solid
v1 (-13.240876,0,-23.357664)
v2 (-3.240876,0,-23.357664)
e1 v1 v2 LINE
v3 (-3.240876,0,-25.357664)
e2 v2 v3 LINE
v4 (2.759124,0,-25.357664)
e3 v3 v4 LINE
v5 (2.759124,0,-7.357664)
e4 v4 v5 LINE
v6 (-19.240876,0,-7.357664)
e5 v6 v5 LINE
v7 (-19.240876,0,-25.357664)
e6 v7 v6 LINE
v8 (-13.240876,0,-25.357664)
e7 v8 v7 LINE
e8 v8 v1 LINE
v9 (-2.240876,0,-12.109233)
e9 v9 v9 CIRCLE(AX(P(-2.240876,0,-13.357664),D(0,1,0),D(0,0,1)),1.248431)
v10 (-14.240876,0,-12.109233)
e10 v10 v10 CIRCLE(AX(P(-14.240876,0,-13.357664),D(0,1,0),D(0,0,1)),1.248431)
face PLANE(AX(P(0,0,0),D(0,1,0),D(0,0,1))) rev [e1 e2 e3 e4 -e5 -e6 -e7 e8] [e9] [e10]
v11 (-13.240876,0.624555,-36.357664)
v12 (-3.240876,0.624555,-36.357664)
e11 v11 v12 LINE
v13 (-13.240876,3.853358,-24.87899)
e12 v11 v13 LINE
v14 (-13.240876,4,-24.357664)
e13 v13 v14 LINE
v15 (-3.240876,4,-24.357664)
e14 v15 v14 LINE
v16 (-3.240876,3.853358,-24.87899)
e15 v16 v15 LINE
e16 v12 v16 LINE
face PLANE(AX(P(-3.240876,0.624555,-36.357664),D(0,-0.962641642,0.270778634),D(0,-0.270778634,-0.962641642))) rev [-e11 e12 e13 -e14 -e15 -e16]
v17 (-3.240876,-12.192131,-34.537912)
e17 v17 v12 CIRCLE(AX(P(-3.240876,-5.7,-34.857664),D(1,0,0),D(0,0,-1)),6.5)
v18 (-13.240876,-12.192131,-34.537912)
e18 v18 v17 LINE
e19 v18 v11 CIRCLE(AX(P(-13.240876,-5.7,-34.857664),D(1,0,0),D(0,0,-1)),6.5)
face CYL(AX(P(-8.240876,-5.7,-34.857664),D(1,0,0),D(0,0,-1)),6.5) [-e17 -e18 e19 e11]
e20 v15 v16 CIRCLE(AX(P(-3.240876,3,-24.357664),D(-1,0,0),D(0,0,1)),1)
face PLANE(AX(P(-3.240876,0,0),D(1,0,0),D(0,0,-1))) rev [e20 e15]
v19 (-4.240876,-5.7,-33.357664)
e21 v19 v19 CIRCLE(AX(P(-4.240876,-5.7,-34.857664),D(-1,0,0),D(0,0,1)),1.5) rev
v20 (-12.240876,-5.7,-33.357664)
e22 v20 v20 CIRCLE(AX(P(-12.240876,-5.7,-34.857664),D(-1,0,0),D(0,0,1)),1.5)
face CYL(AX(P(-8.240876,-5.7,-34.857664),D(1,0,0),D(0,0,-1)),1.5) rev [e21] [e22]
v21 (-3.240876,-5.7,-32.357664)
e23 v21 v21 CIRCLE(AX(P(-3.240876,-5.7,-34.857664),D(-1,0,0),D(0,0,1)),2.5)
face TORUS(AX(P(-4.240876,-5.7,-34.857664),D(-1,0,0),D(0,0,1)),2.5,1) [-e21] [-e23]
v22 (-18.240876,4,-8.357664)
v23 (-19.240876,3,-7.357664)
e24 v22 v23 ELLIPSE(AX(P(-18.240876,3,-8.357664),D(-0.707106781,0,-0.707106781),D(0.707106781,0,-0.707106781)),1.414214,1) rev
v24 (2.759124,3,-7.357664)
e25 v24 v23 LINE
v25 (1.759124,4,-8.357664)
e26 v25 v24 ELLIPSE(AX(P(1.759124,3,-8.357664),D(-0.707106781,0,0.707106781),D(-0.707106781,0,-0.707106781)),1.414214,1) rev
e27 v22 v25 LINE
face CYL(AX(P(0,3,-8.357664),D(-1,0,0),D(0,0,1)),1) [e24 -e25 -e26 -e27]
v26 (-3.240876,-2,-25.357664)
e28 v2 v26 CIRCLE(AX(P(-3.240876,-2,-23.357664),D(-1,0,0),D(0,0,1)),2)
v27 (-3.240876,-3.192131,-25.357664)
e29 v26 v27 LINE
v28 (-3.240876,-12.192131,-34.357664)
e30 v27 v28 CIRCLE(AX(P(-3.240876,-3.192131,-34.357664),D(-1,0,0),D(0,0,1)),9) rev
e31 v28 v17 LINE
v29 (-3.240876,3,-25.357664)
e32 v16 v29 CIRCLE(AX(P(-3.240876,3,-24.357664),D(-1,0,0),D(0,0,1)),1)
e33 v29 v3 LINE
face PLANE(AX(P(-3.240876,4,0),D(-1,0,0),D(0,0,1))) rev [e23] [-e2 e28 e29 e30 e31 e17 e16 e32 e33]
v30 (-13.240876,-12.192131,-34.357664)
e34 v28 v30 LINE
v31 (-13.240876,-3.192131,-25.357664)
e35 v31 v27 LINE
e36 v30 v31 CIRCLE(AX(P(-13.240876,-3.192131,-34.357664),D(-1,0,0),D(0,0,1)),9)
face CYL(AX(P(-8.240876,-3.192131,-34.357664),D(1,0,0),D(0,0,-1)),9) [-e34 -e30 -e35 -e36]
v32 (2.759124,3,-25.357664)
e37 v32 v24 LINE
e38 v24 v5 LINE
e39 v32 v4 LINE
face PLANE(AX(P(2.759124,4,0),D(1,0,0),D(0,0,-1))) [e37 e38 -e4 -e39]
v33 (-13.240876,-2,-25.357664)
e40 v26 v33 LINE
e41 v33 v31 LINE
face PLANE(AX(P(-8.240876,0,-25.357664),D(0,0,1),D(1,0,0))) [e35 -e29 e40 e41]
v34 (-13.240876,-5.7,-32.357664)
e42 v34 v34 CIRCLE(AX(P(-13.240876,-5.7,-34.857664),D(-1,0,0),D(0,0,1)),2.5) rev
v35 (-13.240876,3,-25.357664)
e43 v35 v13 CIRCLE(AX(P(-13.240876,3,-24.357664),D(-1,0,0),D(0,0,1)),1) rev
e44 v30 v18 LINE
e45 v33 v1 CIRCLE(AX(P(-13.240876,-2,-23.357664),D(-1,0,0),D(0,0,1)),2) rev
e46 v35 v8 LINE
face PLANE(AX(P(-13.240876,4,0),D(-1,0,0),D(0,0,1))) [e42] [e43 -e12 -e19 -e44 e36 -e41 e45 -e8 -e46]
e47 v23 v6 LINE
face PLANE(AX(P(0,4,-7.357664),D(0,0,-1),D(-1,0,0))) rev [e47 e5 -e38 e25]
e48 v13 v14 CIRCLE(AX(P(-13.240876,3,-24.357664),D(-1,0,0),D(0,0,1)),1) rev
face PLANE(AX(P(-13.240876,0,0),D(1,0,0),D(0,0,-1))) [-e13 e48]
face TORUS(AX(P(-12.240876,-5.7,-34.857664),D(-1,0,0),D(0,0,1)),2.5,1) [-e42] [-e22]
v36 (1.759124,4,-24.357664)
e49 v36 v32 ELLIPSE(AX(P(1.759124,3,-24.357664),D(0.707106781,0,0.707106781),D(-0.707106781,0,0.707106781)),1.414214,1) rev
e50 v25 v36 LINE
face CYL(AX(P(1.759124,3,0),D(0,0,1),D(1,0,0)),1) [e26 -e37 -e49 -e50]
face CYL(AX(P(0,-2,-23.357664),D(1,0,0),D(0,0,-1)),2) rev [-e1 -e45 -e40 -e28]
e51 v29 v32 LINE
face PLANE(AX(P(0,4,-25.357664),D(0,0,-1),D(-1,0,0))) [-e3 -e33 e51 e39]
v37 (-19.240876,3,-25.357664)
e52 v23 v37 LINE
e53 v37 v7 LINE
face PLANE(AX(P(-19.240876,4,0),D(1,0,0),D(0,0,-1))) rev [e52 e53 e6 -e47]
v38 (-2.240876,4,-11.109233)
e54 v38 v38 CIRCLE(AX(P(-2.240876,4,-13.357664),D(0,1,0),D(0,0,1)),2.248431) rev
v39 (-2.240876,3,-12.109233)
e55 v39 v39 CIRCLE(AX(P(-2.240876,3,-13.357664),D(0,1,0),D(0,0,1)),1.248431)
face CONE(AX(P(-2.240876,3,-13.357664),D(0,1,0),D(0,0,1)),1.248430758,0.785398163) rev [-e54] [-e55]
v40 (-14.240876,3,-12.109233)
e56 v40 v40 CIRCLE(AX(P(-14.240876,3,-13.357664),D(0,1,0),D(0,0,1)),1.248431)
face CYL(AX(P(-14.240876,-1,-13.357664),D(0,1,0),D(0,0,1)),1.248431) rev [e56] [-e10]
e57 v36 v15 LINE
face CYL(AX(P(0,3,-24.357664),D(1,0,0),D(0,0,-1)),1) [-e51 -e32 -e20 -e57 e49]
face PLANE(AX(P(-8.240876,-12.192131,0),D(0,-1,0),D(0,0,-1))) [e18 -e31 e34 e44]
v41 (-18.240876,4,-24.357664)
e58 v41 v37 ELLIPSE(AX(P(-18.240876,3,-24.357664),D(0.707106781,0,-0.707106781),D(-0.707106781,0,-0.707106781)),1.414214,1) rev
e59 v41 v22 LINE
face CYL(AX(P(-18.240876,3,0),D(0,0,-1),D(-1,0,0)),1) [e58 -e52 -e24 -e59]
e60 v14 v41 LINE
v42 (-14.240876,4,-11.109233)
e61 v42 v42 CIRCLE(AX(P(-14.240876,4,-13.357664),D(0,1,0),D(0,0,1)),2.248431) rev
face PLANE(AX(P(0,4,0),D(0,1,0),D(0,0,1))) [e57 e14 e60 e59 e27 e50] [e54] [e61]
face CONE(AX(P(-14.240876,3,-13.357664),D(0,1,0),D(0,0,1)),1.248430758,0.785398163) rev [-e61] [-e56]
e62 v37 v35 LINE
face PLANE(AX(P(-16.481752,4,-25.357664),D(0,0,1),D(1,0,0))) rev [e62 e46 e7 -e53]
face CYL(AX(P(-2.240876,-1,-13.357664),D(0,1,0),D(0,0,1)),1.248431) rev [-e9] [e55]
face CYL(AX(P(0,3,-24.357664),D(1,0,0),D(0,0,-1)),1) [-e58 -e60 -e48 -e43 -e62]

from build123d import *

# Parameters (mm, degrees)
SKETCH1_W           = 11
SKETCH1_H           = 18
SKETCH1_W_2         = 5
SKETCH1_H_2         = 11
BOSS_EXTRUDE1_DEPTH = 4
BOSS_EXTRUDE2_DEPTH = 5
SKETCH3_R           = 1.248430758
CUT_EXTRUDE1_DEPTH  = 5
FILLET1_R           = 1
FILLET3_R           = 2
FILLET4_R           = 9
CUT_EXTRUDE2_DEPTH  = 10
CHAMFER1_SIZE       = 1


with BuildPart() as part:
    # Sketch1 → Boss-Extrude1 (new body)
    with BuildSketch(Plane(origin=(0, 0, 0), x_dir=(1, 0, 0), z_dir=(0, 1, 0))):
        with Locations((-2.740875912, 16.357664234)):
            Rectangle(SKETCH1_W, SKETCH1_H)
        with Locations((-5.740875912, 30.857664234)):
            Rectangle(SKETCH1_W_2, SKETCH1_H_2)
    boss_extrude1 = extrude(amount=BOSS_EXTRUDE1_DEPTH)

    # Sketch2 → Boss-Extrude2 (add)
    with BuildSketch(Plane(origin=(-3.240875912, 0, 0), x_dir=(0, 0, -1), z_dir=(1, 0, 0))):
        with BuildLine():
            Line((34.537911903, 0), (25.357664234, 0))
            Line((25.357664234, 0), (25.357664234, -12.192130501))
            Line((25.357664234, -12.192130501), (34.537911903, -12.192130501))
            Line((34.537911903, -12.192130501), (34.537911903, -7.165523267))
            ThreePointArc((34.537911903, -7.165523267), (33.357664234, -5.7), (34.537911903, -4.234476733))
            Line((34.537911903, -4.234476733), (34.537911903, 0))
        make_face()
        with BuildLine():
            Line((36.357664234, 0), (34.537911903, 0))
            Line((34.537911903, 0), (34.537911903, -4.234476733))
            ThreePointArc((34.537911903, -4.234476733), (35.798507341, -4.531747353), (36.357664234, -5.7))
            ThreePointArc((36.357664234, -5.7), (35.798507341, -6.868252647), (34.537911903, -7.165523267))
            Line((34.537911903, -7.165523267), (34.537911903, -12.192130501))
            ThreePointArc((34.537911903, -12.192130501), (41.293121094, -6.613725887), (36.357664234, 0.62455532))
            Line((36.357664234, 0.62455532), (36.357664234, 0))
        make_face()
    boss_extrude2 = extrude(amount=-BOSS_EXTRUDE2_DEPTH)

    # Mirror1: Boss-Extrude1, Boss-Extrude2 across plane
    add(boss_extrude1.mirror(Plane(origin=(-8.240875912, 4, 0), x_dir=(0, 0, 1), z_dir=(1, 0, 0))))
    add(boss_extrude2.mirror(Plane(origin=(-8.240875912, 4, 0), x_dir=(0, 0, 1), z_dir=(1, 0, 0))))

    # Sketch3 → Cut-Extrude1 (cut)
    with BuildSketch(Plane(origin=(0, 4, 0), x_dir=(1, 0, 0), z_dir=(0, 1, 0))):
        with Locations(Location((-2.240875912, 13.357664234, 0), (0, 0, 270))):
            Circle(SKETCH3_R)
        with Locations(Location((-14.240875912, 13.357664234, 0), (0, 0, 270))):
            Circle(SKETCH3_R)
    extrude(amount=-CUT_EXTRUDE1_DEPTH, mode=Mode.SUBTRACT)

    # Fillet1
    fillet1_edges = [part.edges().sort_by_distance(p)[0] for p in [
        (-0.240875912, 4, -25.357664234),
        (-3.240875912, -4.234476733, -35.177416564),
        (-8.240875912, 4, -7.357664234),
        (-19.240875912, 4, -16.357664234),
        (-16.240875912, 4, -25.357664234),
        (2.759124088, 4, -16.357664234),
        (-13.240875912, -4.234476733, -35.177416564),
    ]]
    fillet(fillet1_edges, radius=FILLET1_R)

    # Fillet3
    fillet3_edges = [part.edges().sort_by_distance(p)[0] for p in [
        (-8.240875912, 0, -25.357664234),
    ]]
    fillet(fillet3_edges, radius=FILLET3_R)

    # Fillet4
    fillet4_edges = [part.edges().sort_by_distance(p)[0] for p in [
        (-8.240875912, -12.192130501, -25.357664234),
    ]]
    fillet(fillet4_edges, radius=FILLET4_R)

    # Sketch4 → Cut-Extrude2 (cut)
    with BuildSketch(Plane.ZY.offset(13.240875912)):
        Polygon((-36.357664234, 0.62455532), (-24.357664234, 4), (-36.357664234, 4), align=None)
    extrude(amount=-CUT_EXTRUDE2_DEPTH, mode=Mode.SUBTRACT)

    # Chamfer1
    chamfer1_edges = [part.edges().sort_by_distance(p)[0] for p in [
        (-2.240875912, 4, -14.606094992),
        (-14.240875912, 4, -14.606094992),
    ]]
    chamfer(chamfer1_edges, length=CHAMFER1_SIZE)


solid = part.part
